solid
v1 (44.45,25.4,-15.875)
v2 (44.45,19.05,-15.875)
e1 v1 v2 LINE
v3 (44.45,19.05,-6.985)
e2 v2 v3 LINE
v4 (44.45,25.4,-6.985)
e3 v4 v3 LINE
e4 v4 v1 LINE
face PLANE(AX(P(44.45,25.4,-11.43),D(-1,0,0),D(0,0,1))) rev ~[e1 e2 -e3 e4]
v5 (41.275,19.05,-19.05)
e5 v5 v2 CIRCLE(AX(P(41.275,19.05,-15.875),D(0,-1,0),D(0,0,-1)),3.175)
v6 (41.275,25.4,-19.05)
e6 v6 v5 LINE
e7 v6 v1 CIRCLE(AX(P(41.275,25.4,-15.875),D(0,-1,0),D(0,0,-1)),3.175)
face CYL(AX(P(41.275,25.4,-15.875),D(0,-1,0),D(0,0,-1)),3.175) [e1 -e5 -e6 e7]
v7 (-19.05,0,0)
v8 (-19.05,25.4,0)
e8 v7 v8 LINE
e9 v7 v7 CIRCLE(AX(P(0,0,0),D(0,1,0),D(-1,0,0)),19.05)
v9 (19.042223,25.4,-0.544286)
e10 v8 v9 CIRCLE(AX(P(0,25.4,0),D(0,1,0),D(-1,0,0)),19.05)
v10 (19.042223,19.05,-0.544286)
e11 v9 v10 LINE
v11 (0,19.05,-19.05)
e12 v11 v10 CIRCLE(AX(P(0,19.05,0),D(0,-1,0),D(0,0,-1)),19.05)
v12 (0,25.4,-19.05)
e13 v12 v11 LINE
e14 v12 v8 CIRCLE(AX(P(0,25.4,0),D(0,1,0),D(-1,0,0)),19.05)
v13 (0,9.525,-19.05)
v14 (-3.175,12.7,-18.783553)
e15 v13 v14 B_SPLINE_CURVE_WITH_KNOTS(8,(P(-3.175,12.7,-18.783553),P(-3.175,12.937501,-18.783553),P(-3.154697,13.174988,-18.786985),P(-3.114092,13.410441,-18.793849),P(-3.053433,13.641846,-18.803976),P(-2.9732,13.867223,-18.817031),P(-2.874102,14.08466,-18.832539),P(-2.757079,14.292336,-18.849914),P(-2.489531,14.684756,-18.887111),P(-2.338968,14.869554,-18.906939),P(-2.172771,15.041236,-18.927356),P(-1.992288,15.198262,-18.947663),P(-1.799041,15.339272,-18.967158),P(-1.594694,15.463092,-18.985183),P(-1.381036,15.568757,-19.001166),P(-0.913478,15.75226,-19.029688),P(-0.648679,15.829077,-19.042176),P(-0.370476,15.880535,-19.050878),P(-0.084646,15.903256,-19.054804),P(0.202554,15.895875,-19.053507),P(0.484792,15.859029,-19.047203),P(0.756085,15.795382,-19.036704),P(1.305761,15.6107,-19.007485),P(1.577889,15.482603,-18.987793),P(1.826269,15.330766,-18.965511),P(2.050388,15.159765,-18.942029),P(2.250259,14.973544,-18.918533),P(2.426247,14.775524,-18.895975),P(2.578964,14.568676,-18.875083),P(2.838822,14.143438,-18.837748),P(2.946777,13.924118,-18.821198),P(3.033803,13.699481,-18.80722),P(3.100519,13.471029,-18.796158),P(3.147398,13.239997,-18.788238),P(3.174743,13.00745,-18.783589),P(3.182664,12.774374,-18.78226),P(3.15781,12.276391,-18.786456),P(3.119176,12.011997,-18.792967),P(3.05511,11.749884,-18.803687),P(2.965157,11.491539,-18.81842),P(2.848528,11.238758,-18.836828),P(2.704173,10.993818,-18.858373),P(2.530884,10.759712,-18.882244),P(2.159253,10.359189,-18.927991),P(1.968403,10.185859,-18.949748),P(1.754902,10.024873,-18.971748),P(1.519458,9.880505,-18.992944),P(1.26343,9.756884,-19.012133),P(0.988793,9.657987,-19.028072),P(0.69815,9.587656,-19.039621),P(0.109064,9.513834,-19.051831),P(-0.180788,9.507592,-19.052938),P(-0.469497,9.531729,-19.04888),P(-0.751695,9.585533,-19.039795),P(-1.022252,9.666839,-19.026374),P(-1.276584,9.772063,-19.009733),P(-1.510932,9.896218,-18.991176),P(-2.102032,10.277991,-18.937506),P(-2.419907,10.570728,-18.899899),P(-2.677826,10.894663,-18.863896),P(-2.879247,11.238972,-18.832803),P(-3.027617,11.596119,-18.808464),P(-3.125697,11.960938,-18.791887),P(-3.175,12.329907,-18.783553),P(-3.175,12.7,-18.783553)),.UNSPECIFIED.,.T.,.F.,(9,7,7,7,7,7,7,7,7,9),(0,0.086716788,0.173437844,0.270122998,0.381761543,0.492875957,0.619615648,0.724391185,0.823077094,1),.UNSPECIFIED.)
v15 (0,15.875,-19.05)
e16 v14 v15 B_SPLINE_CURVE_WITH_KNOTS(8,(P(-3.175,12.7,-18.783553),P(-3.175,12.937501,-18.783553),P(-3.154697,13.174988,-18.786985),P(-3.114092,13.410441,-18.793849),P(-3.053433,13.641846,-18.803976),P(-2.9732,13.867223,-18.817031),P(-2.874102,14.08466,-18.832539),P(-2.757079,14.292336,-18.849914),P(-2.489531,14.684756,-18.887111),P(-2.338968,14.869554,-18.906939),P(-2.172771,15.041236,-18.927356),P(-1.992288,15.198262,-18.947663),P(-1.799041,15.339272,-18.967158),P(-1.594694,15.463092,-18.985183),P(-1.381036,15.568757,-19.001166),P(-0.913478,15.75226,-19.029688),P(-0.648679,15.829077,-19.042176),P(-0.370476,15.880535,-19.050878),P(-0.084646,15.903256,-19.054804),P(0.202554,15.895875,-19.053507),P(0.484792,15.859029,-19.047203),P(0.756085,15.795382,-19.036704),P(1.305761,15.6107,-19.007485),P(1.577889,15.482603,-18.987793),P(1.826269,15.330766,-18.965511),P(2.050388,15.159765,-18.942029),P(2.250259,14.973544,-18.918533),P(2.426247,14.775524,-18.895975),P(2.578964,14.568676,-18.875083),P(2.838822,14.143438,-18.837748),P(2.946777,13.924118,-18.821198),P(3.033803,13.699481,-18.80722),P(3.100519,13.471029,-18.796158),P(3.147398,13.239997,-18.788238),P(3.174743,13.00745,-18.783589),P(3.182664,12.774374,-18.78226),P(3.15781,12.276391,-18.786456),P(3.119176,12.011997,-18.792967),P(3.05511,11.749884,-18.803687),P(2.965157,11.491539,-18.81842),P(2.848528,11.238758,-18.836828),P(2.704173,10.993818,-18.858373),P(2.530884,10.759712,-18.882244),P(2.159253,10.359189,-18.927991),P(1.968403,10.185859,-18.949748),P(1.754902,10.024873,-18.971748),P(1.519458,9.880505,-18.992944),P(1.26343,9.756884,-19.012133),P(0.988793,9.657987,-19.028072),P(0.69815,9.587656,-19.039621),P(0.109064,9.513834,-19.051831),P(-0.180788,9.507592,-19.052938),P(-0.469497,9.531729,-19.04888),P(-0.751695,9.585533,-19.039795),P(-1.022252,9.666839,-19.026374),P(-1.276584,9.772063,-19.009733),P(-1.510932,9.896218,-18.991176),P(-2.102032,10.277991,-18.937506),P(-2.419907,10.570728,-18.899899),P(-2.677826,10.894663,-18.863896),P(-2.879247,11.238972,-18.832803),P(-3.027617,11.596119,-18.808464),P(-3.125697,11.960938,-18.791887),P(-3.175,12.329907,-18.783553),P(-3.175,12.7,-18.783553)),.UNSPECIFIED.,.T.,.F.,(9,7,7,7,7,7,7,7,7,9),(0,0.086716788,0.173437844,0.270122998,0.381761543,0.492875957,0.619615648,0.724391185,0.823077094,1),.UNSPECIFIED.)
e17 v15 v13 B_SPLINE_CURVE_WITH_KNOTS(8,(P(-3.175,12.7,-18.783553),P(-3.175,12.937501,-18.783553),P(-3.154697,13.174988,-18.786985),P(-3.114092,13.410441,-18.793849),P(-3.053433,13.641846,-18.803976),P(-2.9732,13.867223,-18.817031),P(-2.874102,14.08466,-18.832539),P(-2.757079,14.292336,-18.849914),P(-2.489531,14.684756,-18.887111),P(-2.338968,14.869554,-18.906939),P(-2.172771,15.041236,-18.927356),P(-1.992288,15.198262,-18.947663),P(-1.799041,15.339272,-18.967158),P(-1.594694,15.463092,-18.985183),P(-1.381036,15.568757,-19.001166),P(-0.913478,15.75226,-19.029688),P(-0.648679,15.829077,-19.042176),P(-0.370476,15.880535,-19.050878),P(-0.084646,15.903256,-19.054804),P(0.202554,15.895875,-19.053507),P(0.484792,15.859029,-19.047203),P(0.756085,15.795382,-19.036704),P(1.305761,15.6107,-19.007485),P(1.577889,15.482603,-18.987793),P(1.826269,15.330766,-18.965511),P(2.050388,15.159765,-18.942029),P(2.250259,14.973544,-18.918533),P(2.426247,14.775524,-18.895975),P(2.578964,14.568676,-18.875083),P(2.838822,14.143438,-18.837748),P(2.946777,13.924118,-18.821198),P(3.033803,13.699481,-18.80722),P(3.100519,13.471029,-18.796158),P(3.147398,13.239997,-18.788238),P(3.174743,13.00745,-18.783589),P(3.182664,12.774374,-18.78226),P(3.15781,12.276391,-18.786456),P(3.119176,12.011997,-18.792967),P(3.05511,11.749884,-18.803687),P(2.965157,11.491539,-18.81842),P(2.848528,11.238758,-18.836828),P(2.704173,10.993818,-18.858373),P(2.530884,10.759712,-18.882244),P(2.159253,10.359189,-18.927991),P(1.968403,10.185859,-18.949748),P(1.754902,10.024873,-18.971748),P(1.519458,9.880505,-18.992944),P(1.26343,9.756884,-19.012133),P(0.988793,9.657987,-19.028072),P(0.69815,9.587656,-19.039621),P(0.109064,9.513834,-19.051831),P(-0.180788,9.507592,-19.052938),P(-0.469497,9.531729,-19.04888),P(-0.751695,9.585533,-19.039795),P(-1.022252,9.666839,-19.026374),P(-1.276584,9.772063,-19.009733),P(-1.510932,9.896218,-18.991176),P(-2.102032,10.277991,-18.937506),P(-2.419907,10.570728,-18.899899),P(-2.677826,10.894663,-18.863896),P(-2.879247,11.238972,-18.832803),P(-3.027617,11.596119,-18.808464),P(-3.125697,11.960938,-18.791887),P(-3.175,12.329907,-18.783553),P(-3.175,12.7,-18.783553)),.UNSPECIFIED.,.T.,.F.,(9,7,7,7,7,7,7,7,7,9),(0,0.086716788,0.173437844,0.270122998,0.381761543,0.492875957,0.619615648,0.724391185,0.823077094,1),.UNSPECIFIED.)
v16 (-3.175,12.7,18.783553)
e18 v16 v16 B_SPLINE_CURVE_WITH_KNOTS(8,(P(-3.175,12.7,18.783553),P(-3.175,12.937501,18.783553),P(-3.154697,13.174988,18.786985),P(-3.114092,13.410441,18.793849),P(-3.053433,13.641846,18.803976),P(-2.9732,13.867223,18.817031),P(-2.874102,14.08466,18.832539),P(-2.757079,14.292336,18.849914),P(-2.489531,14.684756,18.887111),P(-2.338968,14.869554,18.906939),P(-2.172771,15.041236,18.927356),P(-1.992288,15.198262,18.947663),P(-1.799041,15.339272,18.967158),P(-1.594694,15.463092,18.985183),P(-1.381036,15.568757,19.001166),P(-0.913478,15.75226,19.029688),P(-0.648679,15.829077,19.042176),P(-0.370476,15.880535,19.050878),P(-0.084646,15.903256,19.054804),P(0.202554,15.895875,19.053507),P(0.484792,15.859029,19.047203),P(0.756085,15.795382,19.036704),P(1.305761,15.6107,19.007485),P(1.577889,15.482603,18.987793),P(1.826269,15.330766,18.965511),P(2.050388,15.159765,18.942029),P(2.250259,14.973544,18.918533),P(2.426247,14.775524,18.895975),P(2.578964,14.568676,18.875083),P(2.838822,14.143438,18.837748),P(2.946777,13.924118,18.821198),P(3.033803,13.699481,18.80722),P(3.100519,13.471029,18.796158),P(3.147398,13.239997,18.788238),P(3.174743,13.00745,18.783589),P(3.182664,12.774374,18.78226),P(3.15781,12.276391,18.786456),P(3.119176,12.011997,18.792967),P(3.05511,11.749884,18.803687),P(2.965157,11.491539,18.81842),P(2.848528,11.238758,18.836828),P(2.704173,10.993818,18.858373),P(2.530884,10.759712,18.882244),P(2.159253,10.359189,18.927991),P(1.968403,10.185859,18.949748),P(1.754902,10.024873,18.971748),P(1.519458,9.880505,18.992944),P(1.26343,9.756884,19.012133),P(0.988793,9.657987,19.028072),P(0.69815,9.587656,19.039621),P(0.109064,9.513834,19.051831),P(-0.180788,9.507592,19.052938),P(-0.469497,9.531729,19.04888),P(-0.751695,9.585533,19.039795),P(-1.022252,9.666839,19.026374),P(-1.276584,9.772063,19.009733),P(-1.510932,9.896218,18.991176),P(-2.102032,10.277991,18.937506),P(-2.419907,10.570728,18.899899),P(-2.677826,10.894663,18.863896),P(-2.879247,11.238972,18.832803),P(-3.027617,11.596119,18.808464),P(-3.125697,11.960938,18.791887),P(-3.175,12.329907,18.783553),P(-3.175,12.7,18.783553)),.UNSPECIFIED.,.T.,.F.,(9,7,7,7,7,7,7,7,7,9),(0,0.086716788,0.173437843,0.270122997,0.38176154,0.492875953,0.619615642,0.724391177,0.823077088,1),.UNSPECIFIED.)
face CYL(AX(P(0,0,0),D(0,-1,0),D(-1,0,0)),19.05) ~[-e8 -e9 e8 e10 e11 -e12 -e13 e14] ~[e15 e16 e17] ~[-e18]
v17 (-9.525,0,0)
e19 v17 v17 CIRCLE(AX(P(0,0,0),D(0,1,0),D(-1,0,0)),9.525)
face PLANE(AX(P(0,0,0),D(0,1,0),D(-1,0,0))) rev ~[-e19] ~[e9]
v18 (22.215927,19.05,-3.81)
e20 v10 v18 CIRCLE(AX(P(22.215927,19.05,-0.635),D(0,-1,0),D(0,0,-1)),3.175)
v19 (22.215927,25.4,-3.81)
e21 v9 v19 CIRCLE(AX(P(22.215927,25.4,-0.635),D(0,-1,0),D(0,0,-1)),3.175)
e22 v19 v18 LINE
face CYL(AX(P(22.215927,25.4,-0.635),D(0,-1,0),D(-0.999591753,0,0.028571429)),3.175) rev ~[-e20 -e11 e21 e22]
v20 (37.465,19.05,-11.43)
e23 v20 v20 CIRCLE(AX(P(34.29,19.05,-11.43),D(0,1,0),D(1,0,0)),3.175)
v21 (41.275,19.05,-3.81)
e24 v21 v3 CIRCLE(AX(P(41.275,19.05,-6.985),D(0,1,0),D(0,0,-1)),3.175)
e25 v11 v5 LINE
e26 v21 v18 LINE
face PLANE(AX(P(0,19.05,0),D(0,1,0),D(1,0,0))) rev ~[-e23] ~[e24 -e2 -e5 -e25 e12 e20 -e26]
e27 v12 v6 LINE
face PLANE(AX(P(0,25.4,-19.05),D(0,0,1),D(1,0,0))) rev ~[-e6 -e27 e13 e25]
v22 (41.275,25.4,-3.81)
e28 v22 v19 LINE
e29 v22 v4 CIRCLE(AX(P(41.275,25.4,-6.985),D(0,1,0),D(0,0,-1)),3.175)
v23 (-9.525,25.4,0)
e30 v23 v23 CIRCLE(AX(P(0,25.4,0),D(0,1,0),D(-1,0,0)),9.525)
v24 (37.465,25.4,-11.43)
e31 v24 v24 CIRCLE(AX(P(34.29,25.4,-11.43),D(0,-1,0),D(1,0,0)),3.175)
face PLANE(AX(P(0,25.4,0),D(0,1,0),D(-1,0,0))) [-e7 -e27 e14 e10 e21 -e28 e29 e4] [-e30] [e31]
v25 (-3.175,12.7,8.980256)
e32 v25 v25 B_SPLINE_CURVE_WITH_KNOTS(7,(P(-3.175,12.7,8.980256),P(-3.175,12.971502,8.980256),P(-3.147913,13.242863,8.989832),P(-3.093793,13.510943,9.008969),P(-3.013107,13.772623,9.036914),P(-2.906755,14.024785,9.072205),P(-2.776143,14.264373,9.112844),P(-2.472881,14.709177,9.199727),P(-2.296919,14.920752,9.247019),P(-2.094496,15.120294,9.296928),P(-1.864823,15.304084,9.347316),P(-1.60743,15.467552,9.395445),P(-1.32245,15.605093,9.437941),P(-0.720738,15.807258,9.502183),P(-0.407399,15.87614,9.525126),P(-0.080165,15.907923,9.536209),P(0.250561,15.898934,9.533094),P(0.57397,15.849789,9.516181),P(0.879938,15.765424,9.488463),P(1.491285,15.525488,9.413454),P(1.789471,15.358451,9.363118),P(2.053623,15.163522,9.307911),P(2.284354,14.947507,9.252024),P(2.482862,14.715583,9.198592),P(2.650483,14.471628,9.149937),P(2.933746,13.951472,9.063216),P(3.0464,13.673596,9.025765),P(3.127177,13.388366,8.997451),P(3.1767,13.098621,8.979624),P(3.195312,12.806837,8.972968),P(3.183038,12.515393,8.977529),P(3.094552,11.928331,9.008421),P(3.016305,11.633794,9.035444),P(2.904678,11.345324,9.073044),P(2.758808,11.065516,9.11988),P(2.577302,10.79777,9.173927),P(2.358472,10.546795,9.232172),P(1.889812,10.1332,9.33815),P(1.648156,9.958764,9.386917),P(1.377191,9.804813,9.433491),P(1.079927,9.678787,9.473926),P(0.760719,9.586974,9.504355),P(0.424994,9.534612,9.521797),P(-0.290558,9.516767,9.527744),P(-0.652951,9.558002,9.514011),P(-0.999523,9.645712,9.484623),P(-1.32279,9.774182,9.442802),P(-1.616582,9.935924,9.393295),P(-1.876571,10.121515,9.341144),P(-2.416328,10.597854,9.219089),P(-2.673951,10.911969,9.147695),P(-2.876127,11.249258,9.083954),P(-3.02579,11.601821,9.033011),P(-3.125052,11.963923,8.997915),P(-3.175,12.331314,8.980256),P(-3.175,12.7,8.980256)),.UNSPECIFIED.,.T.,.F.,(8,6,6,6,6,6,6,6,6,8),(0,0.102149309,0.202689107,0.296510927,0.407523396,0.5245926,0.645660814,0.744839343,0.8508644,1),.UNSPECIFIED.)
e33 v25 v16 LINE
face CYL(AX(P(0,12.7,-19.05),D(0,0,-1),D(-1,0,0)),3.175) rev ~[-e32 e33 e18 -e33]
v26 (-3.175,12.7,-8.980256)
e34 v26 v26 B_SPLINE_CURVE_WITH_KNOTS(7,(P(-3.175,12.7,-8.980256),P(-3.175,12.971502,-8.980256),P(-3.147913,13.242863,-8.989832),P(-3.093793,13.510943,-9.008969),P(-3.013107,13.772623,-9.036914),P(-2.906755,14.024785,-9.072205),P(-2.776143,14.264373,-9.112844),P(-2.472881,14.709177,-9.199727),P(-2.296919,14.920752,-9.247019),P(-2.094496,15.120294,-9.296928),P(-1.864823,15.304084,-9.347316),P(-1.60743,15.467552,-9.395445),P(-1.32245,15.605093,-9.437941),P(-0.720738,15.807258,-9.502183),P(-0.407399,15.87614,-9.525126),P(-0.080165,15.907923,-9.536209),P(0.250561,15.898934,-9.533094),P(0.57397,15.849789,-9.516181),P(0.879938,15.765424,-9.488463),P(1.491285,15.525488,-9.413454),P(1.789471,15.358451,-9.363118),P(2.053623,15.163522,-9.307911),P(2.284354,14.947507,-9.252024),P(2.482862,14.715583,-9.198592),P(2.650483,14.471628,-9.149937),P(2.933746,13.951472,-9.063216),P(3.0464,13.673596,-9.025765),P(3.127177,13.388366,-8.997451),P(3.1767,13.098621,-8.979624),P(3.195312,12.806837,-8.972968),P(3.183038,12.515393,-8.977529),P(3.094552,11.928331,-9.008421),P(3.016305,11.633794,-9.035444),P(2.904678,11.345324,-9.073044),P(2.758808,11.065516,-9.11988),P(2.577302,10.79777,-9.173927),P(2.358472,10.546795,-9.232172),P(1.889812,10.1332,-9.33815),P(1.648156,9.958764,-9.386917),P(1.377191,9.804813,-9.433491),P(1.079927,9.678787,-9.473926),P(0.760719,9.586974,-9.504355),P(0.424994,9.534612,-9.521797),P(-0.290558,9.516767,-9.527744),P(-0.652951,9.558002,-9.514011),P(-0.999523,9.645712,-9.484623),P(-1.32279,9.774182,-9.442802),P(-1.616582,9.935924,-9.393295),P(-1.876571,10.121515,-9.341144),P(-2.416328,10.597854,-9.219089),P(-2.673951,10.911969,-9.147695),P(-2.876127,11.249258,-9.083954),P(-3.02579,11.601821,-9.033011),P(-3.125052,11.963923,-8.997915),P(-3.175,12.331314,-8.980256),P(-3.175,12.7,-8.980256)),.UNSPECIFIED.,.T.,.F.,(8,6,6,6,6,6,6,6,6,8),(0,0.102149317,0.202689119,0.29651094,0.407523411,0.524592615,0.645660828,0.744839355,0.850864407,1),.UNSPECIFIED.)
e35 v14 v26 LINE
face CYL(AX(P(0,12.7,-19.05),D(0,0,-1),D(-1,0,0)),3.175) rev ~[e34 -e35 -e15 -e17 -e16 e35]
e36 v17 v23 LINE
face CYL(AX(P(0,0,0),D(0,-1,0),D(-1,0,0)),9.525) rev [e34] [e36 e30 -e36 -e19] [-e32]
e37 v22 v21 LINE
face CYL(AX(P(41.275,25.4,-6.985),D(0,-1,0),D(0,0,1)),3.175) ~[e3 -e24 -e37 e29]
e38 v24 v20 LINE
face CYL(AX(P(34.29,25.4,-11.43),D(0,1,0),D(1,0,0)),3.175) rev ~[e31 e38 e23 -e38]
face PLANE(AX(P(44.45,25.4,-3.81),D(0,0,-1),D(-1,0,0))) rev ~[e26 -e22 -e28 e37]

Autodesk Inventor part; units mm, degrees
ref_plane "YZ Plane" through (0, 0, 0) normal (1, 0, 0) x (0, 1, 0)
ref_plane "XZ Plane" through (0, 0, 0) normal (0, 1, 0) x (-1, 0, 0)
ref_plane "XY Plane" through (0, 0, 0) normal (0, 0, 1) x (1, 0, 0)
sketch "Sketch1" plane through (0, 0, 0) normal (0, 1, 0) x (-1, 0, 0)
  circle A0 centre (0, 0) radius 19.05
  circle A1 centre (0, 0) radius 9.525
  dimension "d0" = 38.1
  dimension "d1" = 19.05
extrude "Extrusion1" add sketch "Sketch1" along normal blind 25.4
sketch "Sketch2" plane through (0, 25.4, 0) normal (0, 1, 0) x (1, 0, 0)
  circle A0 centre (0, 0) radius 19.05 projected
  line L0 (0, 19.05) -> (44.45, 19.05)
  line L1 (44.45, 19.05) -> (44.45, 3.81)
  line L2 (44.45, 3.81) -> (18.6651, 3.81)
  line L3 (44.45, 11.43) -> (15.24, 11.43)
  circle A1 centre (34.29, 11.43) radius 3.175
  dimension "d4" = 44.45
  dimension "d5" = 15.24
  dimension "d6" = 6.35
  dimension "d7" = 10.16
extrude "Extrusion2" add sketch "Sketch2" against normal blind 6.35 contours A0 L3 A1 L1 L2 | L0 L1 L3 A1 A0
fillet "Fillet1" radius 3.175 3 edges at (18.6651, 22.225, -3.81) (44.45, 22.225, -3.81) (44.45, 22.225, -19.05)
sketch "Sketch3" plane through (0, 19.05, -19.05) normal (0, 0, -1) x (-1, 0, 0)
  circle A0 centre (0, -6.35) radius 3.175
  line L0 (19.05, -19.05) -> (-19.05, -19.05) projected
  point P0 (0, -19.05)
  point P1 (0, -19.05)
  dimension "d11" = 12.7
  dimension "d12" = 6.35
extrude "Extrusion3" cut sketch "Sketch3" against normal through all
properties part number "ShaftGuide" material "Aluminum 6061"
